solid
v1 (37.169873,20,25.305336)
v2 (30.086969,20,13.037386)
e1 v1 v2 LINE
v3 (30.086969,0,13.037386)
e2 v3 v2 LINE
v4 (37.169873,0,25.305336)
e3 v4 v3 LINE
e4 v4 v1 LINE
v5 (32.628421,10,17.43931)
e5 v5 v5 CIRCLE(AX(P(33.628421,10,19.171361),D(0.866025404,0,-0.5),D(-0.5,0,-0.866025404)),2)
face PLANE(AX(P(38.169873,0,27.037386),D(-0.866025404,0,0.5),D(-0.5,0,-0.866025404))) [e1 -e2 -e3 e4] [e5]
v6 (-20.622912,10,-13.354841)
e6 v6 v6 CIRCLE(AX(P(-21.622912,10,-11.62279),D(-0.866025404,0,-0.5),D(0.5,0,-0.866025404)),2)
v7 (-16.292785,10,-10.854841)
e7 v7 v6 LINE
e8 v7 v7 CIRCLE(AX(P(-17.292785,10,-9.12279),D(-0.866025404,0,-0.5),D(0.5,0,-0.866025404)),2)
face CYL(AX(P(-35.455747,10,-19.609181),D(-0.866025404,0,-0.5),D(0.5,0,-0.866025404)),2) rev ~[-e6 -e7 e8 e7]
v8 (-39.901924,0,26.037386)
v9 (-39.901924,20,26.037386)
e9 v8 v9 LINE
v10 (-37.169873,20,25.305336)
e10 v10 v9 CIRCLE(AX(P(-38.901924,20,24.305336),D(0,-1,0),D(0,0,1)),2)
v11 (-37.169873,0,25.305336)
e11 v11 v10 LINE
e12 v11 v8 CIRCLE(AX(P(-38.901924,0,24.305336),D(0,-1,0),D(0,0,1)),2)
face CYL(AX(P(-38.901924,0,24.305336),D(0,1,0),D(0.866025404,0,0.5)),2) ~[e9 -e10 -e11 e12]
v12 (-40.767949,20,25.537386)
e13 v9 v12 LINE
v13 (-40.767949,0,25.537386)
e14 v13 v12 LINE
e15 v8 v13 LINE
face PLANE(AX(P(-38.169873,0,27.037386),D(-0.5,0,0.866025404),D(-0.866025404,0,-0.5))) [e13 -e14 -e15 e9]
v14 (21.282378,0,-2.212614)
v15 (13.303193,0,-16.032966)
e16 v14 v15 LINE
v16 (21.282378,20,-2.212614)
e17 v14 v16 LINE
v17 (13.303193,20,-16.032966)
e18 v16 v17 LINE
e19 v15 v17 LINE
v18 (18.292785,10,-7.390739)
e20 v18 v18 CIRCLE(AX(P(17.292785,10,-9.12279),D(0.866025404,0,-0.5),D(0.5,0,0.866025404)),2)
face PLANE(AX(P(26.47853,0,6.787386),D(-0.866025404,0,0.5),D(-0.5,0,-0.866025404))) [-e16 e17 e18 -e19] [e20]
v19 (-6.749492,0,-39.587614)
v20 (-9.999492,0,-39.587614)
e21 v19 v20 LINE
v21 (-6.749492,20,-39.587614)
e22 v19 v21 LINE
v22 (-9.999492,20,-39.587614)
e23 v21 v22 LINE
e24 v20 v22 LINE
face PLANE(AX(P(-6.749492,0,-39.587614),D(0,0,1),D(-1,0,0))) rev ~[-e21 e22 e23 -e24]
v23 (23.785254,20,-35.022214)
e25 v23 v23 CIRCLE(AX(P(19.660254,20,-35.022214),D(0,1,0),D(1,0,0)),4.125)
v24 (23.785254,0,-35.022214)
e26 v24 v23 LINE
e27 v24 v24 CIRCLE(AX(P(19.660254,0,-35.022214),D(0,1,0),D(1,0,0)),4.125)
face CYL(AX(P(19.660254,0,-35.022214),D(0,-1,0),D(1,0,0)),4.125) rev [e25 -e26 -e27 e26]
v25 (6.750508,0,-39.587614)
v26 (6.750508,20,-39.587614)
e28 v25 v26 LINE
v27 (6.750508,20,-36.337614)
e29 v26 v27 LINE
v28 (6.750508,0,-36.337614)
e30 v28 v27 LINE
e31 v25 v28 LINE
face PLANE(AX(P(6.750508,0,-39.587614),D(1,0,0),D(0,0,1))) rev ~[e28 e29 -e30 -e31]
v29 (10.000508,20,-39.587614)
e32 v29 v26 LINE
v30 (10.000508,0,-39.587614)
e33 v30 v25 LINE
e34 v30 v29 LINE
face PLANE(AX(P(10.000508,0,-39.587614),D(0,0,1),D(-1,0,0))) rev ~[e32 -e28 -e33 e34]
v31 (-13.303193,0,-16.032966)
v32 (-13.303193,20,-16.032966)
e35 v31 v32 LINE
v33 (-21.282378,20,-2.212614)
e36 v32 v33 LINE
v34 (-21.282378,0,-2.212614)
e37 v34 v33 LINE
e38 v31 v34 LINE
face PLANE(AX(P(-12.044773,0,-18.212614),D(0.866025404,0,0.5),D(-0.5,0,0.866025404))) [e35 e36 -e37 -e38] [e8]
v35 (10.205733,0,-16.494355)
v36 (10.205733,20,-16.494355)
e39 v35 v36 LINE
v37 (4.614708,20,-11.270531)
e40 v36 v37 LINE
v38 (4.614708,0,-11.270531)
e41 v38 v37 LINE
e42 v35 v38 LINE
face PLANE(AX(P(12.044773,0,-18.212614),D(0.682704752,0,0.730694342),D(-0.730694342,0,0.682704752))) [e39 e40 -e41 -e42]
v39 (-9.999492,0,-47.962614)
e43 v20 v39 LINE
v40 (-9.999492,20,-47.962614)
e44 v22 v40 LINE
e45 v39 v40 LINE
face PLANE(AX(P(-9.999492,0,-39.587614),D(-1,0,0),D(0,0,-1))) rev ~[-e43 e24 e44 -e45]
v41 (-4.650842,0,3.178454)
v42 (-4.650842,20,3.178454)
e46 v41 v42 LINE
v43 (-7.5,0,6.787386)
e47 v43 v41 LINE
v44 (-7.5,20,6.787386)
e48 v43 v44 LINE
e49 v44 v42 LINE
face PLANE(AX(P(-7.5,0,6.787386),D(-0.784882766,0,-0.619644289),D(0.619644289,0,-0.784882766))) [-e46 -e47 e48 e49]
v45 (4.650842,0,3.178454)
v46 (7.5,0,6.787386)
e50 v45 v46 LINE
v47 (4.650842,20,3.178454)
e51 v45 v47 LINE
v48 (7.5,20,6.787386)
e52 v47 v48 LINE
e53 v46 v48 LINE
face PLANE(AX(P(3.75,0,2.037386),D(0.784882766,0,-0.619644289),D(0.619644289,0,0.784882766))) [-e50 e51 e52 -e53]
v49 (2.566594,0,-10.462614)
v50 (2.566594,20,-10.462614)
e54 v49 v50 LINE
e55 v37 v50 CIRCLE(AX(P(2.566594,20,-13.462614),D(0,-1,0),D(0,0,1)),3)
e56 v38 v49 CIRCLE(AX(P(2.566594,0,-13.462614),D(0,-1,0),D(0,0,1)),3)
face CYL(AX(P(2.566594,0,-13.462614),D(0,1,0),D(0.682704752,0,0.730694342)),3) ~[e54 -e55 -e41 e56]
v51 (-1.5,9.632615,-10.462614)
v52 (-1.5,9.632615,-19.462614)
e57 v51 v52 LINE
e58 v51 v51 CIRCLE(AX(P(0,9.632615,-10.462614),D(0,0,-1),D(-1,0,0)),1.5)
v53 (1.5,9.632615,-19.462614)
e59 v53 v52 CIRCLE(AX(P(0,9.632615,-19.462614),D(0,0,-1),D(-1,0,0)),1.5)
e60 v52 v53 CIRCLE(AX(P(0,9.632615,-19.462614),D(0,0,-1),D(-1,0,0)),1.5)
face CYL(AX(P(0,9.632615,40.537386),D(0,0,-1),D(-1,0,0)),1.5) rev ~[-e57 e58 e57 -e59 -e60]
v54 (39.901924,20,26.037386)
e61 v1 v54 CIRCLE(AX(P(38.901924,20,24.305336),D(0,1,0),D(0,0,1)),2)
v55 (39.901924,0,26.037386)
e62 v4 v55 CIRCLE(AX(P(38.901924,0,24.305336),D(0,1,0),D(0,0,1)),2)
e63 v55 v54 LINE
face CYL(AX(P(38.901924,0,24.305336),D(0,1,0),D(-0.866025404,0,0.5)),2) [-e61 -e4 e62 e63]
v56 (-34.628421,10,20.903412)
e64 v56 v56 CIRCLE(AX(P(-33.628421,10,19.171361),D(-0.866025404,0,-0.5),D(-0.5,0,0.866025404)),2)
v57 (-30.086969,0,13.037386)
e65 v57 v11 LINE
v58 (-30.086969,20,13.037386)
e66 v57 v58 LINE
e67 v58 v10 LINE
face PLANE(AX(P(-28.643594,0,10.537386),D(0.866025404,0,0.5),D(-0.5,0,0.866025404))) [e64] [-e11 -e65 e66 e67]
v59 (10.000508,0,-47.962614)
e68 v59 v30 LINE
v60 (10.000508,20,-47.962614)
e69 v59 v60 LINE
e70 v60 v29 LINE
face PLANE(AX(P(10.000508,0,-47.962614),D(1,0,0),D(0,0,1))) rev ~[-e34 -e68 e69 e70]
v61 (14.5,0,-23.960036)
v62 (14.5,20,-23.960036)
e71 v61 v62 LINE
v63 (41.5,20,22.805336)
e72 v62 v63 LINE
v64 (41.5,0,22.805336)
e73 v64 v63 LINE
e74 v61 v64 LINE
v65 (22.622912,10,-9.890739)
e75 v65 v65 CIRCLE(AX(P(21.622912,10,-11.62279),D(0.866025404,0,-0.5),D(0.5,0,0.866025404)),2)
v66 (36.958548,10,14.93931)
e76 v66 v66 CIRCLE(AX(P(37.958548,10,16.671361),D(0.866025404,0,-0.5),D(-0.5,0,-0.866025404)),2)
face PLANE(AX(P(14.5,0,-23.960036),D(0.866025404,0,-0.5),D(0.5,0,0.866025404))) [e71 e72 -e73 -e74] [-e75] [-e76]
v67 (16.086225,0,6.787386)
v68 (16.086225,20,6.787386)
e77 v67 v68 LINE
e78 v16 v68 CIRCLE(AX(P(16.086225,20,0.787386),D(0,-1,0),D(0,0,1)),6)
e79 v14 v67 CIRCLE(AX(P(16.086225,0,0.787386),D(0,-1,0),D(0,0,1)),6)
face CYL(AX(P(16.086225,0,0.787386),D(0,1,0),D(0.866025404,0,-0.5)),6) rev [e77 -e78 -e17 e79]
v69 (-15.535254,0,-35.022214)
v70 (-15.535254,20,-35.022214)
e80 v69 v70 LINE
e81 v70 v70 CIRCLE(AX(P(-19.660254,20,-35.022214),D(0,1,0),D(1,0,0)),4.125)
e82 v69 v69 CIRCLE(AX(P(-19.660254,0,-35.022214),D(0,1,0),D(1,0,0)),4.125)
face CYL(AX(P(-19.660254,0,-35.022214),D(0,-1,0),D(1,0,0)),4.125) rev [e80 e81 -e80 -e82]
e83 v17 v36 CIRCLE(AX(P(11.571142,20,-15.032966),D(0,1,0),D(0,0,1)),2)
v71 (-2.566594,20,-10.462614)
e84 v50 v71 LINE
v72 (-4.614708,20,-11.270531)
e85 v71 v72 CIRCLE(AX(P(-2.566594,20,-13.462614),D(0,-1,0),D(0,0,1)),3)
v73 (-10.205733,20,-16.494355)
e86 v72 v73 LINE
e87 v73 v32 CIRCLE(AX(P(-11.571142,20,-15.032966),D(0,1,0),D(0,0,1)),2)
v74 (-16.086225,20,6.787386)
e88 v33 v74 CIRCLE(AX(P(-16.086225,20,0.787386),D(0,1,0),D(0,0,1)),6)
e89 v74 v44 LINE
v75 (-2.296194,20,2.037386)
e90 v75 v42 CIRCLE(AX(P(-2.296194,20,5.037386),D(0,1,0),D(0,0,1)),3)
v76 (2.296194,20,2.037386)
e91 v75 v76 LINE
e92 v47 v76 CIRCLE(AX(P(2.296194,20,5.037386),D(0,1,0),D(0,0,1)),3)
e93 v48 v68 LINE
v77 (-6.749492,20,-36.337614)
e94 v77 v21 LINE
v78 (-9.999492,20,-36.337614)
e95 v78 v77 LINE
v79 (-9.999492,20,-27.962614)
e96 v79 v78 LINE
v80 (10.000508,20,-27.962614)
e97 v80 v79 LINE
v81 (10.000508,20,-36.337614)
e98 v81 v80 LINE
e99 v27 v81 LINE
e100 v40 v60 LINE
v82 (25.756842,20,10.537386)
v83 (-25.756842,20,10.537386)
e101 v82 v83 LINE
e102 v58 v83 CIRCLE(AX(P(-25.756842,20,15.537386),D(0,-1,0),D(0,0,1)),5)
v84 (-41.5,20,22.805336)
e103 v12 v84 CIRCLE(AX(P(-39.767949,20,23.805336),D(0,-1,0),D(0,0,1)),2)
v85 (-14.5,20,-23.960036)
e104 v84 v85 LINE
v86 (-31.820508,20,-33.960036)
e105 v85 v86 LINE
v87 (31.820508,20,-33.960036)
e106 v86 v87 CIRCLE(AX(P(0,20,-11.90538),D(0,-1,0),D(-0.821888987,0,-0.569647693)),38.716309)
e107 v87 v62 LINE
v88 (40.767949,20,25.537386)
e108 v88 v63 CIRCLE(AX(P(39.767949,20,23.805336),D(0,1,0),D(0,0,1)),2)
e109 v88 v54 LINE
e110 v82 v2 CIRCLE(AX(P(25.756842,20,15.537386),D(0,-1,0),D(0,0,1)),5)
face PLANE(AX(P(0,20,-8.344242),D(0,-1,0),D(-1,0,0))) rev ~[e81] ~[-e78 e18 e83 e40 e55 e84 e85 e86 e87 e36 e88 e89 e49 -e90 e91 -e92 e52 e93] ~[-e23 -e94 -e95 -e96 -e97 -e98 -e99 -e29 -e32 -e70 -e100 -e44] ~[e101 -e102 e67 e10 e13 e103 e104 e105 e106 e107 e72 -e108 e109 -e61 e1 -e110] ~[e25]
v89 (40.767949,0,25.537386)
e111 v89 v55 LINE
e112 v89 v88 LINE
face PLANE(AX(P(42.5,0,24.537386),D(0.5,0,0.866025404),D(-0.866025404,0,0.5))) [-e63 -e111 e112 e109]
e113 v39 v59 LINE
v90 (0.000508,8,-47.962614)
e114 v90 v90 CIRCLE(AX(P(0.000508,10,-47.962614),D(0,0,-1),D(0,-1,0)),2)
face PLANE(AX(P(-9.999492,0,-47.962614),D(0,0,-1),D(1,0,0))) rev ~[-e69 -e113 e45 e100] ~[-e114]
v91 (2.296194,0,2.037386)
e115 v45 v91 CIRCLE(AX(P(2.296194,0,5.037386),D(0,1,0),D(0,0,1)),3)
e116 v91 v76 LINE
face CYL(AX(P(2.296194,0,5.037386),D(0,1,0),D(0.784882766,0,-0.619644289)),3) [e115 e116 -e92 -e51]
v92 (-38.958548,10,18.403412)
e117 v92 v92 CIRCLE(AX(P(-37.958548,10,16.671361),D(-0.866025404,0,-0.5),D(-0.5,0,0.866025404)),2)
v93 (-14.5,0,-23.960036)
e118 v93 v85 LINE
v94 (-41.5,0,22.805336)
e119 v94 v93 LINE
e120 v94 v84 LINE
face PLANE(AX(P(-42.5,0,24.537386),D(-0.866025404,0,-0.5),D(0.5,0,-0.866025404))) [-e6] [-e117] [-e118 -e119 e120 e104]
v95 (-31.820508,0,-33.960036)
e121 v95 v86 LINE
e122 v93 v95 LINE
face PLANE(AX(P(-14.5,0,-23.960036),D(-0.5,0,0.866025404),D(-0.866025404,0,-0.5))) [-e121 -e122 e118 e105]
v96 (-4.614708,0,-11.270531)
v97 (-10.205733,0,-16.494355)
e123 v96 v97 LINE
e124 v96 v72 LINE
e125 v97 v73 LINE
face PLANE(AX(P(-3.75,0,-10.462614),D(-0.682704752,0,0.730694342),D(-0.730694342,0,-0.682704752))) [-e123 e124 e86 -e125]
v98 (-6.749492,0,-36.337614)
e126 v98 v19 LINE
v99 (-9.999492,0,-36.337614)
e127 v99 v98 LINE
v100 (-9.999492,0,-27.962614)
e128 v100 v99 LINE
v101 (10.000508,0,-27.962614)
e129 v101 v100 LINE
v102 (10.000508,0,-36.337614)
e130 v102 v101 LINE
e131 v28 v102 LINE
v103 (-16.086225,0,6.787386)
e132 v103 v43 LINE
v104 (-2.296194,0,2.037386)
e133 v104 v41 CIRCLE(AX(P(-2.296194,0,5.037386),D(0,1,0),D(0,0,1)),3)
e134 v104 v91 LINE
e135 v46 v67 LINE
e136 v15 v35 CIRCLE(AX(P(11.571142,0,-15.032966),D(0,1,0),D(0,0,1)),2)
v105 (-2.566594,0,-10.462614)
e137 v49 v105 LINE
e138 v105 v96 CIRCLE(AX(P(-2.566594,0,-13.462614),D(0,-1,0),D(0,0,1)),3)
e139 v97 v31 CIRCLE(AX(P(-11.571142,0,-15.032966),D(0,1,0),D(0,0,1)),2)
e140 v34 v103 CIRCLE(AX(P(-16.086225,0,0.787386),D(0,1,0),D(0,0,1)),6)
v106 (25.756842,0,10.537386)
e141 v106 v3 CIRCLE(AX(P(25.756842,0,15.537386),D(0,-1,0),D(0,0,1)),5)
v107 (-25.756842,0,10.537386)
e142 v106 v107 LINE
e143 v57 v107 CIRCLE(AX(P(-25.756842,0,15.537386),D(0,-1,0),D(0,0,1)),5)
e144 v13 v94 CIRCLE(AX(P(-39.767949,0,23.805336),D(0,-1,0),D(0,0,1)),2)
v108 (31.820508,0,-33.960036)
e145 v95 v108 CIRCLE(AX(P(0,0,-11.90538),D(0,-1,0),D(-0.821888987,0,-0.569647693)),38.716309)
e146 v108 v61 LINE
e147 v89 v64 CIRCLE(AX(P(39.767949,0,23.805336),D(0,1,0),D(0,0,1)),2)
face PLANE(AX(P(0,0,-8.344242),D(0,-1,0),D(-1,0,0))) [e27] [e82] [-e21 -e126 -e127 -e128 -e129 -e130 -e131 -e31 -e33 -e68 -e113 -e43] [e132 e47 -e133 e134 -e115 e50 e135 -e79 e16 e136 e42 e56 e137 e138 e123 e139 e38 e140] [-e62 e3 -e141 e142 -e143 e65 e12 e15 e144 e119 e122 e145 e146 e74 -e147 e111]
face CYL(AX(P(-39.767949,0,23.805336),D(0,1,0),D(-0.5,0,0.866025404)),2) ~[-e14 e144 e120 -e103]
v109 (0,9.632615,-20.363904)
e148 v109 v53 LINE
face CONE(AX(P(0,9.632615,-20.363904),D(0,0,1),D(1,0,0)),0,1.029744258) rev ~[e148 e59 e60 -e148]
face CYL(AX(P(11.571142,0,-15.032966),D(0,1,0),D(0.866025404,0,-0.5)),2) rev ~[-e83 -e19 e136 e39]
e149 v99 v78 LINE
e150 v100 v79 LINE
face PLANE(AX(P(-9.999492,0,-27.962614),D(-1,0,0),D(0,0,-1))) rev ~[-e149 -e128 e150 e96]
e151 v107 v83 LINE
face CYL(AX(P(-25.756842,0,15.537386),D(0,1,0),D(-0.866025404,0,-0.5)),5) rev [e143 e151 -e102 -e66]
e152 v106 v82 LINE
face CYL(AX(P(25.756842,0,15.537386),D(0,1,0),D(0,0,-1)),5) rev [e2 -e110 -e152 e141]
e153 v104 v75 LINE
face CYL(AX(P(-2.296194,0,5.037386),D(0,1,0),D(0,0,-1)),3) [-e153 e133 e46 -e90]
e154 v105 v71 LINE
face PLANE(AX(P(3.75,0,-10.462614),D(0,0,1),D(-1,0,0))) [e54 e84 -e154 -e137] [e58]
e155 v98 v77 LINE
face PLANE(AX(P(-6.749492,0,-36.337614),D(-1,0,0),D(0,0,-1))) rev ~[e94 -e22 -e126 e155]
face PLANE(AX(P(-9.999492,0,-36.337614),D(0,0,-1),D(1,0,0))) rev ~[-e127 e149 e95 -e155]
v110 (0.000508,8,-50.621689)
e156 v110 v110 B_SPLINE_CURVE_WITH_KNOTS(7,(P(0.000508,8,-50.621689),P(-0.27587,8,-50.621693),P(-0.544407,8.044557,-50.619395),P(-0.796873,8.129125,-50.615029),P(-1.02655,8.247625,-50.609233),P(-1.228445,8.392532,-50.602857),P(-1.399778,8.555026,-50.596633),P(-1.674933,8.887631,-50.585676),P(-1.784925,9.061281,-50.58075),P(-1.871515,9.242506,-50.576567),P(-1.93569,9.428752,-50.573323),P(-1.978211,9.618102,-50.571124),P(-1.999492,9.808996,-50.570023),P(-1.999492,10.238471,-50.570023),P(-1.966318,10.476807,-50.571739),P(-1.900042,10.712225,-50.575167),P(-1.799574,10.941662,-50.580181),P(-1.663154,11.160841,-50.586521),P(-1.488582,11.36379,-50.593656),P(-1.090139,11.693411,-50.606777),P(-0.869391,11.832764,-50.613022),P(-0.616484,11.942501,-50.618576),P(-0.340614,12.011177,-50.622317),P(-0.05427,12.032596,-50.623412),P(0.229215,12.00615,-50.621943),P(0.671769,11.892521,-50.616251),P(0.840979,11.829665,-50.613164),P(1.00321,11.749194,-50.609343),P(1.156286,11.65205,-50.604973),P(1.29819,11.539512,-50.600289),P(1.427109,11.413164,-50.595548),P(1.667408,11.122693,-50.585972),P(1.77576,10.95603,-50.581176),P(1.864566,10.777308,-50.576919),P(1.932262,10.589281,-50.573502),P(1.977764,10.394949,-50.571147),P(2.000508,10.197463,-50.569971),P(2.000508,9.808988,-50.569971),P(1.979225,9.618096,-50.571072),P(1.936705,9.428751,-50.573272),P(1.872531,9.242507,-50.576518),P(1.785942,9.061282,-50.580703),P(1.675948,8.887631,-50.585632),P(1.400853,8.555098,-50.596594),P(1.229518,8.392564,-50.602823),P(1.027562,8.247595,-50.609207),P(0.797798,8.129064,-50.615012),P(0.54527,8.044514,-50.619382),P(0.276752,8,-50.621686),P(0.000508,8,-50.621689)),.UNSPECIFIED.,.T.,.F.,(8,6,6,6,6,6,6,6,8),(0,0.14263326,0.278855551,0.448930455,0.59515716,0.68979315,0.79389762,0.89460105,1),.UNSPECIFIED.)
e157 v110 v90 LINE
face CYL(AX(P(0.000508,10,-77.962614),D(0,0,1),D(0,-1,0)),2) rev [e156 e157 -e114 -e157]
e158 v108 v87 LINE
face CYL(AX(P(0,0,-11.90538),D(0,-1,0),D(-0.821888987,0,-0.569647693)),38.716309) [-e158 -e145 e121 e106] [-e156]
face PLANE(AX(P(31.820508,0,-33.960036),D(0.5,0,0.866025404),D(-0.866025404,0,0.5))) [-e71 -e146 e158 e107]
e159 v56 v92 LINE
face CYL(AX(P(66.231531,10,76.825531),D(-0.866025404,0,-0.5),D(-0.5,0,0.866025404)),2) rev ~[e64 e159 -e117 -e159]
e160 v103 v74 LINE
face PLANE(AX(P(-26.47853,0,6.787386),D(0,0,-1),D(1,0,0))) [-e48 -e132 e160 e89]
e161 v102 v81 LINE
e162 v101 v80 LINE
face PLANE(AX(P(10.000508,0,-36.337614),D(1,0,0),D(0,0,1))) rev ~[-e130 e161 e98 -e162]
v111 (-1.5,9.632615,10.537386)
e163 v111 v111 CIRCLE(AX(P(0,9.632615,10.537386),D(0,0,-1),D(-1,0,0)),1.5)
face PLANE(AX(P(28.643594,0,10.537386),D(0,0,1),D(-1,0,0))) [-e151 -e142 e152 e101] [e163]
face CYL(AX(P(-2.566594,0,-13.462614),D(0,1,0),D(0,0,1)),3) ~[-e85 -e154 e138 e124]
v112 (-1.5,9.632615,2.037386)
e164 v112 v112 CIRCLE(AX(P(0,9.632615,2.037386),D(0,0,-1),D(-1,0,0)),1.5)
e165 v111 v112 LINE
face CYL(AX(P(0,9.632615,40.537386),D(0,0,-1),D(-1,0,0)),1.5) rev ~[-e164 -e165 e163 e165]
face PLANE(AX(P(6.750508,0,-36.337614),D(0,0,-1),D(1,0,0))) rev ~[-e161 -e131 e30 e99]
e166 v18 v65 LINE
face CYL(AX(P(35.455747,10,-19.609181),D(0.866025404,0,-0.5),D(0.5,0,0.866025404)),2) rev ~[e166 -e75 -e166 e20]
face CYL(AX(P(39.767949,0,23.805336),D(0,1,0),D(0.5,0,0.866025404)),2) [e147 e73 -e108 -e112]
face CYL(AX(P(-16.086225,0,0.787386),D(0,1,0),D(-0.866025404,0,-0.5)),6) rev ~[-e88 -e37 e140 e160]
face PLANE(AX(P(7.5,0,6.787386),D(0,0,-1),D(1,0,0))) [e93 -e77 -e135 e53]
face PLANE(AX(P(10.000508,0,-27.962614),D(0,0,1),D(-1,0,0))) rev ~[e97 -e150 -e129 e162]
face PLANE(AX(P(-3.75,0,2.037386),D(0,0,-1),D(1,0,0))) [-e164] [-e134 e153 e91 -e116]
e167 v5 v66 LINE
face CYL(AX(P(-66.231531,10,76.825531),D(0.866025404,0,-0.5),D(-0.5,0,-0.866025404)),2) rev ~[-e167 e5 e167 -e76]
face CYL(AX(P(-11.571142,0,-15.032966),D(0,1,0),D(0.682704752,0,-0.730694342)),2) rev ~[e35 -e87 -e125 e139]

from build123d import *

# Parameters (mm, degrees)
SKETCH1_R                  = 4.125
BOSS_EXTRUDE1_DEPTH        = 20
FILLET2_R                  = 5
FILLET3_R                  = 5
FILLET4_R                  = 6
FILLET5_R                  = 6
FILLET6_R                  = 2
FILLET7_R                  = 3
FILLET10_R                 = 2
UPPER_VERTEX_HOLES_D       = 3
UPPER_VERTEX_HOLES_DEPTH   = 30
UPPER_VERTEX_HOLES_TIP     = 0.901290929
F_8_0_199_DIAMETER_HOLE2_D = 4
F_8_0_199_DIAMETER_HOLE3_D = 4
SKETCH12_W                 = 2
SKETCH12_H                 = 41.945563192
SKETCH16_W                 = 2
SKETCH16_H                 = 41.945563192


with BuildPart() as part:
    # Sketch1 → Boss-Extrude1 (new body)
    with BuildSketch(Plane(origin=(0, 0, 0), x_dir=(1, 0, 0), z_dir=(0, 1, 0))):
        with BuildLine():
            Line((-28.643593539, -10.537386441), (-38.169872981, -27.037386441))
            Line((-38.169872981, -27.037386441), (-42.5, -24.537386441))
            Line((-42.5, -24.537386441), (-14.5, 23.960036171))
            Line((-14.5, 23.960036171), (-31.820508076, 33.960036171))
            ThreePointArc((-31.820508076, 33.960036171), (0, 50.621689136), (31.820508076, 33.960036171))
            Line((31.820508076, 33.960036171), (14.5, 23.960036171))
            Line((14.5, 23.960036171), (42.5, -24.537386441))
            Line((42.5, -24.537386441), (38.169872981, -27.037386441))
            Line((38.169872981, -27.037386441), (28.643593539, -10.537386441))
            Line((28.643593539, -10.537386441), (-28.643593539, -10.537386441))
        make_face()
        with Locations((19.660254038, 35.022213998)):
            Circle(SKETCH1_R, mode=Mode.SUBTRACT)
        with Locations((-19.660254038, 35.022213998)):
            Circle(SKETCH1_R, mode=Mode.SUBTRACT)
        Polygon((-12.0447733, 18.212613559), (-26.47853003, -6.787386441), (-7.5, -6.787386441), (-3.75, -2.037386441), (3.75, -2.037386441), (7.5, -6.787386441), (26.47853003, -6.787386441), (12.0447733, 18.212613559), (3.75, 10.462613559), (-3.75, 10.462613559), align=None, mode=Mode.SUBTRACT)
        Polygon((-9.999491924, 47.962613559), (10.000508076, 47.962613559), (10.000508076, 39.587613559), (6.750508076, 39.587613559), (6.750508076, 36.337613559), (10.000508076, 36.337613559), (10.000508076, 27.962613559), (-9.999491924, 27.962613559), (-9.999491924, 36.337613559), (-6.749491924, 36.337613559), (-6.749491924, 39.587613559), (-9.999491924, 39.587613559), align=None, mode=Mode.SUBTRACT)
    extrude(amount=BOSS_EXTRUDE1_DEPTH)

    # Fillet2
    fillet2_edges = [part.edges().sort_by_distance(p)[0] for p in [
        (-28.643593539, 10, 10.537386441),
    ]]
    fillet(fillet2_edges, radius=FILLET2_R)

    # Fillet3
    fillet3_edges = [part.edges().sort_by_distance(p)[0] for p in [
        (28.643593539, 10, 10.537386441),
    ]]
    fillet(fillet3_edges, radius=FILLET3_R)

    # Fillet4
    fillet4_edges = [part.edges().sort_by_distance(p)[0] for p in [
        (-26.47853003, 10, 6.787386441),
    ]]
    fillet(fillet4_edges, radius=FILLET4_R)

    # Fillet5
    fillet5_edges = [part.edges().sort_by_distance(p)[0] for p in [
        (26.47853003, 10, 6.787386441),
    ]]
    fillet(fillet5_edges, radius=FILLET5_R)

    # Fillet6
    fillet6_edges = [part.edges().sort_by_distance(p)[0] for p in [
        (-12.0447733, 10, -18.212613559),
        (12.0447733, 10, -18.212613559),
    ]]
    fillet(fillet6_edges, radius=FILLET6_R)

    # Fillet7
    fillet7_edges = [part.edges().sort_by_distance(p)[0] for p in [
        (-3.75, 10, -10.462613559),
        (-3.75, 10, 2.037386441),
        (3.75, 10, 2.037386441),
        (3.75, 10, -10.462613559),
    ]]
    fillet(fillet7_edges, radius=FILLET7_R)

    # Fillet10
    fillet10_edges = [part.edges().sort_by_distance(p)[0] for p in [
        (-38.169872981, 10, 27.037386441),
        (-42.5, 10, 24.537386441),
        (42.5, 10, 24.537386441),
        (38.169872981, 10, 27.037386441),
    ]]
    fillet(fillet10_edges, radius=FILLET10_R)

    # Upper Vertex Holes
    with Locations(Plane.XY.offset(10.537386441)):
        with Locations((0, 9.632614612)):
            Hole(UPPER_VERTEX_HOLES_D / 2, depth=UPPER_VERTEX_HOLES_DEPTH)
            with Locations((0, 0, -(UPPER_VERTEX_HOLES_DEPTH + UPPER_VERTEX_HOLES_TIP / 2))):  # 118° drill point
                Cone(0, UPPER_VERTEX_HOLES_D / 2, UPPER_VERTEX_HOLES_TIP, mode=Mode.SUBTRACT)

    # #8 (0.199) Diameter Hole2 (through all)
    with Locations(Plane(origin=(16.919872981, 0, -9.76869322), x_dir=(0.5, 0, 0.866025404), z_dir=(-0.866025404, 0, 0.5))):
        with Locations((33.417096231, 10)):
            Hole(F_8_0_199_DIAMETER_HOLE2_D / 2)

    # #8 (0.199) Diameter Hole3 (through all)
    with Locations(Plane(origin=(-16.919872981, 0, -9.76869322), x_dir=(0.5, 0, -0.866025404), z_dir=(0.866025404, 0, 0.5))):
        with Locations((-33.417096231, 10)):
            Hole(F_8_0_199_DIAMETER_HOLE3_D / 2)

    # Sketch12 → #8 (0.199) Diameter Hole5 (revolve, cut)
    with BuildSketch(Plane(origin=(17.292785365, 10, -9.122790024), x_dir=(0.5, 0, 0.866025404), z_dir=(0, 1, 0))):
        with Locations((1, 20.972781596)):
            Rectangle(SKETCH12_W, SKETCH12_H)
    revolve(axis=Axis((11.793524051, 10, -5.947790024), (0.866025404, 0, -0.5)), mode=Mode.SUBTRACT)

    # Sketch16 → #8 (0.199) Diameter Hole6 (revolve, cut)
    with BuildSketch(Plane(origin=(-17.292785365, 10, -9.122790024), x_dir=(0.5, 0, -0.866025404), z_dir=(0, 1, 0))):
        with Locations((1, 20.972781596)):
            Rectangle(SKETCH16_W, SKETCH16_H)
    revolve(axis=Axis((-11.793524051, 10, -5.947790024), (-0.866025404, 0, -0.5)), mode=Mode.SUBTRACT)

    # Sketch18 → #8 (0.199) Diameter Hole7 (revolve, cut)
    with BuildSketch(Plane(origin=(0.000508076, 10, -47.962613559), x_dir=(0, -1, 0), z_dir=(1, 0, 0))):
        Polygon((0, 0), (0, 31.2017212), (1.999999937, 30), (1.999999937, 0), align=None)
    revolve(axis=Axis((0.000508076, 10, -41.612613559), (0, 0, -1)), mode=Mode.SUBTRACT)


solid = part.part
